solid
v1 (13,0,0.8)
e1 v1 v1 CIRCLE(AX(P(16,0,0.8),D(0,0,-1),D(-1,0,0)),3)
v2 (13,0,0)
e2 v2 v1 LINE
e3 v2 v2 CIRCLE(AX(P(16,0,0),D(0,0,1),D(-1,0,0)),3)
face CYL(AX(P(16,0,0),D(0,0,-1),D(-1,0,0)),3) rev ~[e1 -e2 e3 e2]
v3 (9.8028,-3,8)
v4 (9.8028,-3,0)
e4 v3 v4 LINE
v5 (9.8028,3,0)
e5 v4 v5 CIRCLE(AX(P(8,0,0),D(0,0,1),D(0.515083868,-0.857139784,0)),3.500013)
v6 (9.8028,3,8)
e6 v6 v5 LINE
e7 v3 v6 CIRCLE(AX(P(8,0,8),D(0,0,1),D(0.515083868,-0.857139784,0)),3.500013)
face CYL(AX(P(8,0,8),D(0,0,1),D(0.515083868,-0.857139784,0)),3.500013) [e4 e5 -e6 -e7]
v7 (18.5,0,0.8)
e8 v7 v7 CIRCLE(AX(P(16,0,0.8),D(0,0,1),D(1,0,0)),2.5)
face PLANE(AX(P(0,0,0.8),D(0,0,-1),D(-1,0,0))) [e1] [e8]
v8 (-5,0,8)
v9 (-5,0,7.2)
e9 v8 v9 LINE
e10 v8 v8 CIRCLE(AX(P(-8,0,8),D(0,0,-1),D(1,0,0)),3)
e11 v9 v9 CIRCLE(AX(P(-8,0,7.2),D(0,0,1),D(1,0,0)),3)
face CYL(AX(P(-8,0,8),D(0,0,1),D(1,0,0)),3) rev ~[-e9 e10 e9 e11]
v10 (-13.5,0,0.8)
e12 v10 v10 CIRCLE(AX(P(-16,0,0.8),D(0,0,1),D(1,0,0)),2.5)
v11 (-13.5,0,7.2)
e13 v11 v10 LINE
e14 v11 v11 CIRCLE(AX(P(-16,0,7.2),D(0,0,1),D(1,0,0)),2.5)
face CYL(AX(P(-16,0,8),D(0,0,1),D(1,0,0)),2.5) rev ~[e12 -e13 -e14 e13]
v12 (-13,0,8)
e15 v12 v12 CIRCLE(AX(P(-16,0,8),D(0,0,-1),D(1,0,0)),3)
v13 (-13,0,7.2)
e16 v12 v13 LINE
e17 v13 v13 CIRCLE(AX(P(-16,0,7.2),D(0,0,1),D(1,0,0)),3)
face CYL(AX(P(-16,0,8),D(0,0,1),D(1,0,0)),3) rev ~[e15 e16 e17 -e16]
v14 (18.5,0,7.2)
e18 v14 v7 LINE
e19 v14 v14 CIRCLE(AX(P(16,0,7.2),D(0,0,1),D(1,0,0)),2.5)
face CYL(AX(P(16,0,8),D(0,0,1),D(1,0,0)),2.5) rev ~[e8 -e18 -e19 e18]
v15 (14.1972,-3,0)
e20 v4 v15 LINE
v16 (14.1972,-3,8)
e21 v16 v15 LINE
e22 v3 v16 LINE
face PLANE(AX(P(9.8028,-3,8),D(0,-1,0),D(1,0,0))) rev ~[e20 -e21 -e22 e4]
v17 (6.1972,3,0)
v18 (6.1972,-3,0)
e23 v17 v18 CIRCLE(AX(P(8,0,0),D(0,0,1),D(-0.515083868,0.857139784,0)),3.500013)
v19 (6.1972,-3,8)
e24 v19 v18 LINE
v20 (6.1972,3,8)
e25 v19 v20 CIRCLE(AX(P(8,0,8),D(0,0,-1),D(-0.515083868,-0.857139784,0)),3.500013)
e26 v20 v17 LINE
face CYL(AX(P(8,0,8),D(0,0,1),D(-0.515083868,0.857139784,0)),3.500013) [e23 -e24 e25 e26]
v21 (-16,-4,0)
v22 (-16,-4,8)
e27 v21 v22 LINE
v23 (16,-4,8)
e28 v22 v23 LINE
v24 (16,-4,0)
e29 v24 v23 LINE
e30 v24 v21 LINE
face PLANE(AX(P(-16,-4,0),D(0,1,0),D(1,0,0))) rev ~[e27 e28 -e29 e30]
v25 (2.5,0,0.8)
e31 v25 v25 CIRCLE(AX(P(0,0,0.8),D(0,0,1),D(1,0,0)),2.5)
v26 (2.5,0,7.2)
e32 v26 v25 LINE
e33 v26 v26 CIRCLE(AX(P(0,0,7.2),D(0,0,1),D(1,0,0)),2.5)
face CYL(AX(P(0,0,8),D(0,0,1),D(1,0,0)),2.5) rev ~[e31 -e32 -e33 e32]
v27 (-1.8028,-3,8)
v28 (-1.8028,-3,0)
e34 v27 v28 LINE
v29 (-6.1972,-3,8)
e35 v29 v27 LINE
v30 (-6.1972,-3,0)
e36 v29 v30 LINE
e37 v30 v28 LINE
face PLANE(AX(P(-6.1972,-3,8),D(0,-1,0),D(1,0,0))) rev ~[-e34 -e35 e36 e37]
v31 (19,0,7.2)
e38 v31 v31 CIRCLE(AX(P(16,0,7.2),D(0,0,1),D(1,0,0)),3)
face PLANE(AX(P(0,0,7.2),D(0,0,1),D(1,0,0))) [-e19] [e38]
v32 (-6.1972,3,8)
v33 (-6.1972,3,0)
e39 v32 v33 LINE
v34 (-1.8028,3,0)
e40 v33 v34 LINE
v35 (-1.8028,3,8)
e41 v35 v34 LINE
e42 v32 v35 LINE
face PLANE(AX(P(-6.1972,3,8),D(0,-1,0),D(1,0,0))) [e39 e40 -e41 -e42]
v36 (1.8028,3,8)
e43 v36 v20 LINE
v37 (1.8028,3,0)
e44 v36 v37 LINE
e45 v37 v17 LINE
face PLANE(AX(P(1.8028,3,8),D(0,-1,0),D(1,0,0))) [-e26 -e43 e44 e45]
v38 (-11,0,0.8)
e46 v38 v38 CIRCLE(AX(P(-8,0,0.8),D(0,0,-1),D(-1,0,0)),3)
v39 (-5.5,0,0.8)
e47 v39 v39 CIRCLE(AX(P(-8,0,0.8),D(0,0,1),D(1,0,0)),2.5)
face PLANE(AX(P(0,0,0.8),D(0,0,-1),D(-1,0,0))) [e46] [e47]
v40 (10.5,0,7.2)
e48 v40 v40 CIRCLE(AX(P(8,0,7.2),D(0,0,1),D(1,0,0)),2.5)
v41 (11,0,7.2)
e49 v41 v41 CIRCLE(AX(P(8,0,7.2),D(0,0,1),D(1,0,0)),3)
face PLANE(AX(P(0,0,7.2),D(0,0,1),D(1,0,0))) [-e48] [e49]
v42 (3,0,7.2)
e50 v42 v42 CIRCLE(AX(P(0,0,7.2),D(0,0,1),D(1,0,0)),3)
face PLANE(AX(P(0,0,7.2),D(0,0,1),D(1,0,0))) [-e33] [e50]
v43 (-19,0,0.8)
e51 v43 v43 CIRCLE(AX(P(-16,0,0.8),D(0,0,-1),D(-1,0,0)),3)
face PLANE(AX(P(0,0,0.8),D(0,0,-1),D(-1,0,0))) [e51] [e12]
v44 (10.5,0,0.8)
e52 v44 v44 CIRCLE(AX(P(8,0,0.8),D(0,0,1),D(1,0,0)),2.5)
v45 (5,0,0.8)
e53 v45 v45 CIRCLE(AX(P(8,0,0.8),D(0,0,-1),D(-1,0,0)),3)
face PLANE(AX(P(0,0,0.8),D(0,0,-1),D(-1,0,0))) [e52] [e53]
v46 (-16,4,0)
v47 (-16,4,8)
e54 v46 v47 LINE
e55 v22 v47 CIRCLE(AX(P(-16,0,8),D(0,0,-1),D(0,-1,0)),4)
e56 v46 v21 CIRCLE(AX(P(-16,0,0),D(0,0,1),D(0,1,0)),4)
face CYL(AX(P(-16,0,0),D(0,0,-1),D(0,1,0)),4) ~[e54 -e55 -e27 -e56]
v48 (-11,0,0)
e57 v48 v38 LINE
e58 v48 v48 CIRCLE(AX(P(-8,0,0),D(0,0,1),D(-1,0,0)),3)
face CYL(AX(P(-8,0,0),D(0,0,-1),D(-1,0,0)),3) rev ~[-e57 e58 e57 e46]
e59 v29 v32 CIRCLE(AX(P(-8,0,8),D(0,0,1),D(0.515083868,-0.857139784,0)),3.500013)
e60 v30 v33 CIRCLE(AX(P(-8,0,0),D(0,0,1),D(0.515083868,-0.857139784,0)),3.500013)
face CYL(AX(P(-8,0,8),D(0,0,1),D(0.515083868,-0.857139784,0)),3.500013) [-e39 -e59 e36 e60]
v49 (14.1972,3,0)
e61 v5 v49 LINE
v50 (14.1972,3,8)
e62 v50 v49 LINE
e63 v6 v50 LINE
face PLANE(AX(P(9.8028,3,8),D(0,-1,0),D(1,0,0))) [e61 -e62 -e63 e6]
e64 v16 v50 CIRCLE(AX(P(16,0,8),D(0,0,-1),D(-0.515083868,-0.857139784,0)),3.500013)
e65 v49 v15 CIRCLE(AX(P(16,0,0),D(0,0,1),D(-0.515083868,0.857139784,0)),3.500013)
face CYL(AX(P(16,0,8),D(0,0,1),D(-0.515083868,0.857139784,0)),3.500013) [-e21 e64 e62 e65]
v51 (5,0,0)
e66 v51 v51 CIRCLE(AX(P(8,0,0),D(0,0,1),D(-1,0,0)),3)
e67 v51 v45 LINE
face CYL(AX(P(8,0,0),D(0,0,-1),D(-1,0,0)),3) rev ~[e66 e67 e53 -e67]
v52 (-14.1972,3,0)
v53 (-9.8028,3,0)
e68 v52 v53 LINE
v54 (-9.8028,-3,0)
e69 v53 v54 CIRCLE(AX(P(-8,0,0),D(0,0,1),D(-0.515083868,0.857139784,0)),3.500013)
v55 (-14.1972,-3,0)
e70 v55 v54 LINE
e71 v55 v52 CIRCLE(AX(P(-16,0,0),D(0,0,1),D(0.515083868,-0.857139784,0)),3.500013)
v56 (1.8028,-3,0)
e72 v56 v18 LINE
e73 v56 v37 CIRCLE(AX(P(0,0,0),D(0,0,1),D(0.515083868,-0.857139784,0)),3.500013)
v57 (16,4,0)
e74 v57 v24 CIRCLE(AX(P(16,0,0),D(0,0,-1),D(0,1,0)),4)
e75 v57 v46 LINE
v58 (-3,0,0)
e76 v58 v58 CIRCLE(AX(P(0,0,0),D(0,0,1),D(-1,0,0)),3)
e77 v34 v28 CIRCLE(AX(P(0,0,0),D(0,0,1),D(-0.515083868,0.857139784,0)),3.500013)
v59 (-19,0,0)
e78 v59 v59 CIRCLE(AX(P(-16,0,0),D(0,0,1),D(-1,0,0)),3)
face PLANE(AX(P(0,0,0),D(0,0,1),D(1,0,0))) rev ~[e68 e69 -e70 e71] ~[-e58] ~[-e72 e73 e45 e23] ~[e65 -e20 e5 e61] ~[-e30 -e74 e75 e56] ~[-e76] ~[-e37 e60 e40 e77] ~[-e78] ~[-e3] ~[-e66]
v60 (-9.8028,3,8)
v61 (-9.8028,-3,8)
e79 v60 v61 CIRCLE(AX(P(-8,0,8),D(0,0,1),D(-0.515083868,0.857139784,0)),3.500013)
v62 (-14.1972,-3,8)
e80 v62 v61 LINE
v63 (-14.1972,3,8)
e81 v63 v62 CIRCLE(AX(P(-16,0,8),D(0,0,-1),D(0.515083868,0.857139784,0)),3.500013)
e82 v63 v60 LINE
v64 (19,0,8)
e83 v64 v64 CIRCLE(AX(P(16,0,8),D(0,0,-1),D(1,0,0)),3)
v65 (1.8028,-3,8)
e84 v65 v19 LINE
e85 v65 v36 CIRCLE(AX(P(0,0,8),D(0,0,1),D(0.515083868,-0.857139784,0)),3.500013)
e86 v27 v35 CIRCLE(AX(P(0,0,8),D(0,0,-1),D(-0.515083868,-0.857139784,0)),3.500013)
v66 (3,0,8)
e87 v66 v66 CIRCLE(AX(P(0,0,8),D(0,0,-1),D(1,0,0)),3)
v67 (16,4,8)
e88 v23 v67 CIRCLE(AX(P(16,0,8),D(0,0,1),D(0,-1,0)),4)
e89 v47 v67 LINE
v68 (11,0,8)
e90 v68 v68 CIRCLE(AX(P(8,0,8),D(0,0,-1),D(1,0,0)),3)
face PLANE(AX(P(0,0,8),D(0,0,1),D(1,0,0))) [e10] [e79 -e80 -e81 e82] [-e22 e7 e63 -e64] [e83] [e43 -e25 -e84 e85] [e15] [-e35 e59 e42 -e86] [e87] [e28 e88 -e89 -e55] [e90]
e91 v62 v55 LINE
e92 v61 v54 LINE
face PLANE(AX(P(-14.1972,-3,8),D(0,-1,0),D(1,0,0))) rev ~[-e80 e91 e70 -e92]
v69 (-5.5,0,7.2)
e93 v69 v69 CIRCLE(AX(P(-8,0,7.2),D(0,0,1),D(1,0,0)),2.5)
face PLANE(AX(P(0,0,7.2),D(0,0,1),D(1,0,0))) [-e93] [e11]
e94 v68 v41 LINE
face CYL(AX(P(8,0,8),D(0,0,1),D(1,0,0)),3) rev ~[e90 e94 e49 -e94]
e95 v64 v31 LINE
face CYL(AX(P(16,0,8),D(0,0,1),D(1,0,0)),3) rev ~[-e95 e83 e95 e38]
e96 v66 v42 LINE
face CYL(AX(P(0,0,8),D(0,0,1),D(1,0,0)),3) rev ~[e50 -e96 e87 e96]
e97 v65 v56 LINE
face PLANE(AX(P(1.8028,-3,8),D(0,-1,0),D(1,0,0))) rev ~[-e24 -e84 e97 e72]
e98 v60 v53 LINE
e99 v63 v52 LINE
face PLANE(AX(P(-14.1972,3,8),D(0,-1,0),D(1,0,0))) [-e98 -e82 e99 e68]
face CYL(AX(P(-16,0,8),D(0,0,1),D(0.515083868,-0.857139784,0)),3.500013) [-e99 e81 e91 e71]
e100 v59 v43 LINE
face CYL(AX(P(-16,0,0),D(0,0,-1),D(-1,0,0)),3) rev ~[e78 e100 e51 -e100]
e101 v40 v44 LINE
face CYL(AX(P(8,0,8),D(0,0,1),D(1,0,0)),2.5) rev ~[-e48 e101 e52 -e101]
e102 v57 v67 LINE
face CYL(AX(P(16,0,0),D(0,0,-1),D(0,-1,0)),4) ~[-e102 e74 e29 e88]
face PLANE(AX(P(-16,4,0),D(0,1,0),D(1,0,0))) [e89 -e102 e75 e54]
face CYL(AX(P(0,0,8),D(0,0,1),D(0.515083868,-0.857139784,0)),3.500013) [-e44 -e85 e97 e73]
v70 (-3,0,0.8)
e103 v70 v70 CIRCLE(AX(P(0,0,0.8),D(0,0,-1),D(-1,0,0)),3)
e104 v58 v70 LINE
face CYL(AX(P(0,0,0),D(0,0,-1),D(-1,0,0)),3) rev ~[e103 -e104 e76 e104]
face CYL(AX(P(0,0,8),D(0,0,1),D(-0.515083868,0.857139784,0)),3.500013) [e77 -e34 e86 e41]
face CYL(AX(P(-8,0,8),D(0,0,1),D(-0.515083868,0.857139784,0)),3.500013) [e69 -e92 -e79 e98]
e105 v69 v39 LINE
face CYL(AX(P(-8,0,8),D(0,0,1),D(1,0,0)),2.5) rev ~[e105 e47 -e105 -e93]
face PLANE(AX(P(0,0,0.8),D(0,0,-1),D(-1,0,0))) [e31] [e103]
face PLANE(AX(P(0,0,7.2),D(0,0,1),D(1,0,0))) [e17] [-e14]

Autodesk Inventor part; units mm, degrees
ref_plane "YZ Plane" through (0, 0, 0) normal (1, 0, 0) x (0, 1, 0)
ref_plane "XZ Plane" through (0, 0, 0) normal (0, 1, 0) x (-1, 0, 0)
ref_plane "XY Plane" through (0, 0, 0) normal (0, 0, 1) x (1, 0, 0)
sketch "Sketch1" plane through (0, 0, 0) normal (0, 0, 1) x (1, 0, 0)
  arc A0 (-16, 4) -> (-16, -4) centre (-16, 0) ccw
  arc A1 (16, -4) -> (16, 4) centre (16, 0) ccw
  line L0 (-16, -4) -> (16, -4)
  line L1 (-16, 4) -> (16, 4)
  line L2 (-28, 0) -> (28, 0) projected
  line L3 (0, -5.6) -> (0, 5.6) projected
  point P0 (0, 0)
  dimension "d3" = 4
  dimension "d4" = 4
  dimension "d5" = 32
  dimension "d6" = 32
  dimension "d7" = 0
  dimension "d8" = 16
  dimension "d9" = 32
  dimension "d10" = 32
extrude "Extrusion1" add sketch "Sketch1" along normal blind 8
sketch "Sketch2" plane through (0, 0, 8) normal (0, 0, 1) x (1, 0, 0)
  arc A0 (-16, 4) -> (-16, -4) centre (-16, 0) ccw projected
  circle A1 centre (-16, 0) radius 2.5
  line L0 (-28, 0) -> (28, 0) projected
  circle A2 centre (-8, 0) radius 2.5
  circle A3 centre (0, 0) radius 2.5
  circle A4 centre (8, 0) radius 2.5
  circle A5 centre (16, 0) radius 2.5
  dimension "d13" = 5
  dimension "d19" = 8
extrude "Extrusion2" cut sketch "Sketch2" against normal through all
sketch "Sketch3" plane through (0, 0, 8) normal (0, 0, 1) x (1, 0, 0)
  circle A0 centre (16, 0) radius 2.5 projected
  circle A1 centre (8, 0) radius 2.5 projected
  circle A2 centre (0, 0) radius 2.5 projected
  circle A3 centre (-8, 0) radius 2.5 projected
  circle A4 centre (-16, 0) radius 2.5 projected
  arc A5 (-16, 4) -> (-16, -4) centre (-16, 0) ccw projected
  circle A6 centre (-16, 0) radius 3
  line L0 (-28, 0) -> (28, 0) projected
  circle A7 centre (-8, 0) radius 3
  circle A8 centre (0, 0) radius 3
  circle A9 centre (8, 0) radius 3
  circle A10 centre (16, 0) radius 3
  dimension "d23" = 6
  dimension "d29" = 8
extrude "Extrusion3" cut sketch "Sketch3" against normal blind 0.8 contours L0 A10 A0 | A0 L0 A10 | A6 L0 A4 | L0 A4 A6 | A7 L0 A3 | L0 A3 A7 | A8 L0 A2 | L0 A2 A8 | A9 L0 A1 | L0 A1 A9
sketch "Sketch4" plane through (0, 0, 0) normal (0, 0, -1) x (-1, 0, 0)
  circle A0 centre (-16, 0) radius 2.5 projected
  circle A1 centre (-8, 0) radius 2.5 projected
  circle A2 centre (0, 0) radius 2.5 projected
  circle A3 centre (8, 0) radius 2.5 projected
  circle A4 centre (16, 0) radius 2.5 projected
  arc A5 (-16, 4) -> (-16, -4) centre (-16, 0) ccw projected
  circle A6 centre (-16, 0) radius 3
  line L0 (28, 0) -> (-28, 0) projected
  circle A7 centre (-8, 0) radius 3
  circle A8 centre (0, 0) radius 3
  circle A9 centre (8, 0) radius 3
  circle A10 centre (16, 0) radius 3
  dimension "d33" = 6
  dimension "d39" = 8
extrude "Extrusion4" cut sketch "Sketch4" against normal blind 0.8 contours L0 A6 A0 | A0 L0 A6 | A10 L0 A4 | L0 A4 A10 | A9 L0 A3 | L0 A3 A9 | A8 L0 A2 | L0 A2 A8 | A7 L0 A1 | L0 A1 A7
sketch "Sketch5" plane through (0, 0, 8) normal (0, 0, 1) x (1, 0, 0)
  circle A0 centre (-8, 0) radius 3 projected
  arc A1 (-16, 4) -> (-16, -4) centre (-16, 0) ccw projected
  arc A2 (-14.1972, -3) -> (-14.1972, 3) centre (-16, 0) ccw
  arc A3 (-9.8028, 3) -> (-9.8028, -3) centre (-8, 0) ccw
  line L0 (-14.1972, 3) -> (-9.8028, 3)
  line L1 (-14.1972, -3) -> (-9.8028, -3)
  line L2 (-28, 0) -> (28, 0) projected
  arc A4 (-6.1972, -3) -> (-6.1972, 3) centre (-8, 0) ccw
  arc A5 (-1.8028, 3) -> (-1.8028, -3) centre (0, 0) ccw
  line L3 (-6.1972, 3) -> (-1.8028, 3)
  line L4 (-6.1972, -3) -> (-1.8028, -3)
  arc A6 (1.8028, -3) -> (1.8028, 3) centre (0, 0) ccw
  arc A7 (6.1972, 3) -> (6.1972, -3) centre (8, 0) ccw
  line L5 (1.8028, 3) -> (6.1972, 3)
  line L6 (1.8028, -3) -> (6.1972, -3)
  arc A8 (9.8028, -3) -> (9.8028, 3) centre (8, 0) ccw
  arc A9 (14.1972, 3) -> (14.1972, -3) centre (16, 0) ccw
  line L7 (9.8028, 3) -> (14.1972, 3)
  line L8 (9.8028, -3) -> (14.1972, -3)
  dimension "d43" = 3.5
  dimension "d44" = 3.5
  dimension "d45" = 4.3944
  dimension "d46" = 4.3944
  dimension "d52" = 8
extrude "Extrusion5" cut sketch "Sketch5" against normal through all contours A3 L1 A2 L2 | L2 A2 L0 A3 | A8 L7 A9 L2 | L2 A9 L8 A8 | A6 L5 A7 L2 | L2 A7 L6 A6 | A4 L3 A5 L2 | L2 A5 L4 A4
properties part number "5M Beam"
